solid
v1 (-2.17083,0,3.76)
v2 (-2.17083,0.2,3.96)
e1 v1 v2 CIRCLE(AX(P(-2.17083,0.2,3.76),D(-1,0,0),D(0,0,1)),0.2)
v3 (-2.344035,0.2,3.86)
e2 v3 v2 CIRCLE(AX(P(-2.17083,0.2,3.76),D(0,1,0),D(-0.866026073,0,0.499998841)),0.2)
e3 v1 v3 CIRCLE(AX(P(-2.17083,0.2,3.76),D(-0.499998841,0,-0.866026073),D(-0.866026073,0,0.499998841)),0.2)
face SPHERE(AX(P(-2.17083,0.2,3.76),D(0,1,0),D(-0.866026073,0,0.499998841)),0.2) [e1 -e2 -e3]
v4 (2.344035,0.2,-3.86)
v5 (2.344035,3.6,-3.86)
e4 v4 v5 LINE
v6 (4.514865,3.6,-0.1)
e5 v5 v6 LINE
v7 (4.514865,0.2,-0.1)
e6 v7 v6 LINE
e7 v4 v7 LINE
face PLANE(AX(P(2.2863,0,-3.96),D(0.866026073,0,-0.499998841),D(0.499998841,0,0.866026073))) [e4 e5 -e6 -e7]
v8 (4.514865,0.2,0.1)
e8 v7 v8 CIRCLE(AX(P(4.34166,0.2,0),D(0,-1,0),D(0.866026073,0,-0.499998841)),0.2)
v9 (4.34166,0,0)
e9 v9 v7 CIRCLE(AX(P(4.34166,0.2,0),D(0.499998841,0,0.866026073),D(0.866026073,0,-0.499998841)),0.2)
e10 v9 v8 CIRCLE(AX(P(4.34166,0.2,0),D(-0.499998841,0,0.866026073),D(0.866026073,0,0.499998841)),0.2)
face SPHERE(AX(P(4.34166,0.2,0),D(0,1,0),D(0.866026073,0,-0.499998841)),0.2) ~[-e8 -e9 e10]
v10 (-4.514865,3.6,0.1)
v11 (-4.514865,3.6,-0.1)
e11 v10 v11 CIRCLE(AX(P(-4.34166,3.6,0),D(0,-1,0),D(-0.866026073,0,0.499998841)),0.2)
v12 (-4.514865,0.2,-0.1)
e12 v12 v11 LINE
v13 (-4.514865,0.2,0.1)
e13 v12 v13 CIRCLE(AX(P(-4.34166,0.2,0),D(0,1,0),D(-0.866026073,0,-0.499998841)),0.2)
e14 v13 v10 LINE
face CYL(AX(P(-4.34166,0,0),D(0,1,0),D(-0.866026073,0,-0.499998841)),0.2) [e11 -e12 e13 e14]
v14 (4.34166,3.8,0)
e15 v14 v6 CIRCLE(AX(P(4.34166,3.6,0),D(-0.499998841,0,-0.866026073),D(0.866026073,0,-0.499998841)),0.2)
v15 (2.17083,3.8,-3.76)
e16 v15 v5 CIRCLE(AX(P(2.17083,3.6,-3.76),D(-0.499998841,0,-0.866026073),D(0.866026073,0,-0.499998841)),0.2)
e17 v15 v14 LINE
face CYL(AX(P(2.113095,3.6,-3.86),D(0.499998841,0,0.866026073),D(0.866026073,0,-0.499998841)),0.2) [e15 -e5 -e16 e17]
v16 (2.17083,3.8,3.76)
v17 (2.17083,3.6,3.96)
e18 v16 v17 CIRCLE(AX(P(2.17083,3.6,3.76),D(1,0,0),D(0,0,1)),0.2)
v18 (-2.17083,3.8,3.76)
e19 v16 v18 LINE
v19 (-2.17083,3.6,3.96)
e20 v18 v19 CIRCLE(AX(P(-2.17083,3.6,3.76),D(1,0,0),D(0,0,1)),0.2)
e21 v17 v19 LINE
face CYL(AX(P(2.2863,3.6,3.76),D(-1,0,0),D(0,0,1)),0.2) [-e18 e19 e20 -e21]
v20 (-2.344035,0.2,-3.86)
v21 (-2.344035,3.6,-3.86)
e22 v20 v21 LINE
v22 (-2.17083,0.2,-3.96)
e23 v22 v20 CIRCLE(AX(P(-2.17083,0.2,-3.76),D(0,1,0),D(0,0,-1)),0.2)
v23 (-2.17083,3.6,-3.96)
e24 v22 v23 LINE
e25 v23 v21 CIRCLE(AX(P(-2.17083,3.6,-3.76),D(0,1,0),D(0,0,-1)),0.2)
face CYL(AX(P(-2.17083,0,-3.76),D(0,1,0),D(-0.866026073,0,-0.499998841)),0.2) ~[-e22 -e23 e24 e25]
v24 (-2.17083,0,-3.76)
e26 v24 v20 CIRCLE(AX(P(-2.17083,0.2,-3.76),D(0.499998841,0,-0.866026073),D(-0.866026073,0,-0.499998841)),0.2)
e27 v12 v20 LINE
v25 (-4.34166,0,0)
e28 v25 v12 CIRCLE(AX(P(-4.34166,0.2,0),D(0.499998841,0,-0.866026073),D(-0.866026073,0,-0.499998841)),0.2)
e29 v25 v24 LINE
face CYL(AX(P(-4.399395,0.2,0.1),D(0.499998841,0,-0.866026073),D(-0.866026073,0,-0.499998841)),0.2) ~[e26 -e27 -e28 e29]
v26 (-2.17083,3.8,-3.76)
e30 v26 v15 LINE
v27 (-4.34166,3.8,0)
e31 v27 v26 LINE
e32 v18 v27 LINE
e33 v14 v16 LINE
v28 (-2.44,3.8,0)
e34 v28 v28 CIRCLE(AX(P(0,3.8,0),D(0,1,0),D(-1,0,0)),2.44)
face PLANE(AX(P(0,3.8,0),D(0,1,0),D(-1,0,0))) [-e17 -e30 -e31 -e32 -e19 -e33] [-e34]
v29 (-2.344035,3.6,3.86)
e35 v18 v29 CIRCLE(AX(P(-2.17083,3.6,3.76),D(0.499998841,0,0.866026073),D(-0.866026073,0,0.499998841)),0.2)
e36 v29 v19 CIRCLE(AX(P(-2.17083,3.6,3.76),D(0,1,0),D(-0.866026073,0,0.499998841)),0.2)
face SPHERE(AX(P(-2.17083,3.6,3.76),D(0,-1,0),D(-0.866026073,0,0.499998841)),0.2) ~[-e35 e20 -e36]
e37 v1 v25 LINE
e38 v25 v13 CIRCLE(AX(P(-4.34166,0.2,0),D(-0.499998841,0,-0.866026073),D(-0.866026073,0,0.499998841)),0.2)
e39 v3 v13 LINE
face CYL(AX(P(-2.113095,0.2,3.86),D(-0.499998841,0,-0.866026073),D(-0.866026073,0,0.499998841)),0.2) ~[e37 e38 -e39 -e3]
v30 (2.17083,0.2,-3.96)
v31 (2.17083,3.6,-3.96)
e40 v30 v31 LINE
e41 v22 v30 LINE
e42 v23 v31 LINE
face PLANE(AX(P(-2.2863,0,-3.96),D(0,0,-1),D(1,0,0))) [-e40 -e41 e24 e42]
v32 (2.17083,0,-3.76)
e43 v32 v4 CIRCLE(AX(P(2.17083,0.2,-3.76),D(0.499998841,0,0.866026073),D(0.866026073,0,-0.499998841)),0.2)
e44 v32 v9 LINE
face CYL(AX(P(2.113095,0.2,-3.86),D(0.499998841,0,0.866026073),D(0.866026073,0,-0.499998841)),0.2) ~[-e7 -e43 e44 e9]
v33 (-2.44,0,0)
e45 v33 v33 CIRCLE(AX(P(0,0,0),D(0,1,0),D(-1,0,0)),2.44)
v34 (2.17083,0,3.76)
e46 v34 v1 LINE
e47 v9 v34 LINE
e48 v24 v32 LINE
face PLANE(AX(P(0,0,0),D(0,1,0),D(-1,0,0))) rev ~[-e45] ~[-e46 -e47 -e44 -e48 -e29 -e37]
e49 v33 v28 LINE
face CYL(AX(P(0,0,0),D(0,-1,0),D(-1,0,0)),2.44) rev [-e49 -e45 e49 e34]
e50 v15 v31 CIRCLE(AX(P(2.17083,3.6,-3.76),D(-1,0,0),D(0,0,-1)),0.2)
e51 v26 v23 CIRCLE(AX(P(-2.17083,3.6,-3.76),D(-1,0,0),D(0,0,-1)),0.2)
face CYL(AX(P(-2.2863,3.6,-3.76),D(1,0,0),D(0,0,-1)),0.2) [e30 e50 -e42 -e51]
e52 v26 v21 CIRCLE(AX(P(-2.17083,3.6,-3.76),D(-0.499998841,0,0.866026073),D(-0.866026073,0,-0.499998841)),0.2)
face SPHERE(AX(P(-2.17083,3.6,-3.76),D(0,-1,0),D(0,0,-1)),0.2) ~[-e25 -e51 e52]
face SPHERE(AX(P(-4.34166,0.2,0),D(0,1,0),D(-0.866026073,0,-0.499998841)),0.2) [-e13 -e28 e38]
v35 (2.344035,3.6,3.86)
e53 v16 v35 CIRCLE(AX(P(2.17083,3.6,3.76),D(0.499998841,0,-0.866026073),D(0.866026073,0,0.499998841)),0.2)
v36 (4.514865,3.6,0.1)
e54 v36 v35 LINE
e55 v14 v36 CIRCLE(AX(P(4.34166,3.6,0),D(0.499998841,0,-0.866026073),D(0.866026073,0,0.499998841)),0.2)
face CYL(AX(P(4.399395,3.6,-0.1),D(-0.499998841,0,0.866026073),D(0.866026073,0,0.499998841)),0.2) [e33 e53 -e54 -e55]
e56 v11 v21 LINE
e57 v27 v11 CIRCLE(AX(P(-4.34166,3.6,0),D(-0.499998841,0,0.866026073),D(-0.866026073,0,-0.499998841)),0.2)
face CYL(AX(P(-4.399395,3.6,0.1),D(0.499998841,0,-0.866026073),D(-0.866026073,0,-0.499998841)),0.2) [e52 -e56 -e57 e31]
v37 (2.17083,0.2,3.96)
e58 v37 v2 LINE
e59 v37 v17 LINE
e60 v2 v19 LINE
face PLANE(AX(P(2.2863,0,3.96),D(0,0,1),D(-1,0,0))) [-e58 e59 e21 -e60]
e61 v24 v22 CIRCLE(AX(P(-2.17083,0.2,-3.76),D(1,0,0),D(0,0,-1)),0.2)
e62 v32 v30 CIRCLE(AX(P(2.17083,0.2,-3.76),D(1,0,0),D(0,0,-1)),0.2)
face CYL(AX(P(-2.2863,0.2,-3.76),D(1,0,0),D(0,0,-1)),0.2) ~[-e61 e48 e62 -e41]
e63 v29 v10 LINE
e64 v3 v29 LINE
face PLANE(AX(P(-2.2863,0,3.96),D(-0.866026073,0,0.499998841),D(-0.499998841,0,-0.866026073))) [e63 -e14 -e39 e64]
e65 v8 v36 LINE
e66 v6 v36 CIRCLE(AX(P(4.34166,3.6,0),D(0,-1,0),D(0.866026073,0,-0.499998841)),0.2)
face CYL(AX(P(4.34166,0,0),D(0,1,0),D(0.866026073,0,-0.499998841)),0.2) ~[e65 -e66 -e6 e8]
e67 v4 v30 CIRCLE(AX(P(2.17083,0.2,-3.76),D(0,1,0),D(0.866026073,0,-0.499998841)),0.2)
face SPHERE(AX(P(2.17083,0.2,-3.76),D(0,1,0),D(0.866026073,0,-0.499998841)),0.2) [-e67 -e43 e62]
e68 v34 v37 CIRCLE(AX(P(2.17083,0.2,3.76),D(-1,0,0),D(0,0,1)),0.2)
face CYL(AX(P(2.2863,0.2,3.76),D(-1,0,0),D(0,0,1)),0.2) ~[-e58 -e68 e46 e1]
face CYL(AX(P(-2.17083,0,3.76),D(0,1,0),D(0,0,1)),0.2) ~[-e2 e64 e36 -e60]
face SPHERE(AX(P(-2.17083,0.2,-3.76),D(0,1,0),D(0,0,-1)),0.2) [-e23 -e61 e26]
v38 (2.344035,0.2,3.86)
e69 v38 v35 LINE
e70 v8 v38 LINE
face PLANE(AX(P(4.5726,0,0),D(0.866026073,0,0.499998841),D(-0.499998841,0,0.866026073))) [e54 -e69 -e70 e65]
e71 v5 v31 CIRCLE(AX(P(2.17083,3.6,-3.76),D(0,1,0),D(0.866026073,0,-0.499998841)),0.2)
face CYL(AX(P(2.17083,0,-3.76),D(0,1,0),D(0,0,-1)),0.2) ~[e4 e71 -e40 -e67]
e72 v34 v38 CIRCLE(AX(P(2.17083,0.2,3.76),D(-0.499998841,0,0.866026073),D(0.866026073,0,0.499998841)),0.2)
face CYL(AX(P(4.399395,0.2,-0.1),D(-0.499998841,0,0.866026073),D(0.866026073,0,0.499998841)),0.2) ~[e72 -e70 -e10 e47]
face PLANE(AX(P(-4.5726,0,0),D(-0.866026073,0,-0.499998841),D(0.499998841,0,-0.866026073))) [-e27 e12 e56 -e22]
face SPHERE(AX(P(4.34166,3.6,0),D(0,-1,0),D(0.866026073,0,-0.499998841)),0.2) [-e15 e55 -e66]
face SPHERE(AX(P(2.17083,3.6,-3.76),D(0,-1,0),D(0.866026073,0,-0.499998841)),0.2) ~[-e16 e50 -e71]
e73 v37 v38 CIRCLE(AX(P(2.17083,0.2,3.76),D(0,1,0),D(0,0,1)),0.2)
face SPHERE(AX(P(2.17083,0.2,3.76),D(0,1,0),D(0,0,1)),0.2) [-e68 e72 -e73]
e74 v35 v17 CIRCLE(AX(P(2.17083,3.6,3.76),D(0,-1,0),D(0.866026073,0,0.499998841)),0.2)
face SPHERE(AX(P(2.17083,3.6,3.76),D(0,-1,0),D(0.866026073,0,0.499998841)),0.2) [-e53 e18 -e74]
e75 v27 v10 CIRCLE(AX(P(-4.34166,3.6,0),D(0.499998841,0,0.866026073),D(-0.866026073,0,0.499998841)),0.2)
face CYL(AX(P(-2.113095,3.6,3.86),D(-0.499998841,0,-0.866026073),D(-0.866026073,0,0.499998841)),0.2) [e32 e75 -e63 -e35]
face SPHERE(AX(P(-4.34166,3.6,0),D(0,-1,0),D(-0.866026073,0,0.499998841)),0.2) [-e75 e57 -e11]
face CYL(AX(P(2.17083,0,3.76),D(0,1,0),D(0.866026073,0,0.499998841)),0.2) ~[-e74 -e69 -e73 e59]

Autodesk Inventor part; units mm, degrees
ref_plane "YZ Plane" through (0, 0, 0) normal (1, 0, 0) x (0, 1, 0)
ref_plane "XZ Plane" through (0, 0, 0) normal (0, 1, 0) x (-1, 0, 0)
ref_plane "XY Plane" through (0, 0, 0) normal (0, 0, 1) x (1, 0, 0)
sketch "Sketch1" plane through (0, 0, 0) normal (0, 1, 0) x (-1, 0, 0)
  line L0 (4.5726, 0) -> (2.2863, -3.96)
  line L1 (2.2863, -3.96) -> (-2.2863, -3.96)
  line L2 (-2.2863, -3.96) -> (-4.5726, 0)
  line L3 (-4.5726, 0) -> (-2.2863, 3.96)
  line L4 (-2.2863, 3.96) -> (2.2863, 3.96)
  line L5 (2.2863, 3.96) -> (4.5726, 0)
  circle A0 centre (0, 0) radius 2.44
  dimension "d0" = 7.92
  dimension "d1" = 4.88
extrude "Extrusion1" add sketch "Sketch1" along normal blind 3.8
fillet "Fillet1" radius 0.2 18 edges at (3.4295, 3.8, 1.98) (0, 3.8, 3.96) (2.2863, 1.9, 3.96) (0, 0, 3.96) (-2.2863, 1.9, 3.96) (3.4295, 0, 1.98) (4.5726, 1.9, 0) (2.2863, 1.9, -3.96) (3.4295, 3.8, -1.98) (3.4295, 0, -1.98) (-2.2863, 1.9, -3.96) (0, 3.8, -3.96) (0, 0, -3.96) (-3.4295, 3.8, 1.98) (-3.4295, 3.8, -1.98) (-4.5726, 1.9, 0) (-3.4295, 0, -1.98) (-3.4295, 0, 1.98)
thread "Thread1" size "M5x0.5" class "6H" standard "ANSI Metric M Profile" full length
properties part number "M5 Nut"
